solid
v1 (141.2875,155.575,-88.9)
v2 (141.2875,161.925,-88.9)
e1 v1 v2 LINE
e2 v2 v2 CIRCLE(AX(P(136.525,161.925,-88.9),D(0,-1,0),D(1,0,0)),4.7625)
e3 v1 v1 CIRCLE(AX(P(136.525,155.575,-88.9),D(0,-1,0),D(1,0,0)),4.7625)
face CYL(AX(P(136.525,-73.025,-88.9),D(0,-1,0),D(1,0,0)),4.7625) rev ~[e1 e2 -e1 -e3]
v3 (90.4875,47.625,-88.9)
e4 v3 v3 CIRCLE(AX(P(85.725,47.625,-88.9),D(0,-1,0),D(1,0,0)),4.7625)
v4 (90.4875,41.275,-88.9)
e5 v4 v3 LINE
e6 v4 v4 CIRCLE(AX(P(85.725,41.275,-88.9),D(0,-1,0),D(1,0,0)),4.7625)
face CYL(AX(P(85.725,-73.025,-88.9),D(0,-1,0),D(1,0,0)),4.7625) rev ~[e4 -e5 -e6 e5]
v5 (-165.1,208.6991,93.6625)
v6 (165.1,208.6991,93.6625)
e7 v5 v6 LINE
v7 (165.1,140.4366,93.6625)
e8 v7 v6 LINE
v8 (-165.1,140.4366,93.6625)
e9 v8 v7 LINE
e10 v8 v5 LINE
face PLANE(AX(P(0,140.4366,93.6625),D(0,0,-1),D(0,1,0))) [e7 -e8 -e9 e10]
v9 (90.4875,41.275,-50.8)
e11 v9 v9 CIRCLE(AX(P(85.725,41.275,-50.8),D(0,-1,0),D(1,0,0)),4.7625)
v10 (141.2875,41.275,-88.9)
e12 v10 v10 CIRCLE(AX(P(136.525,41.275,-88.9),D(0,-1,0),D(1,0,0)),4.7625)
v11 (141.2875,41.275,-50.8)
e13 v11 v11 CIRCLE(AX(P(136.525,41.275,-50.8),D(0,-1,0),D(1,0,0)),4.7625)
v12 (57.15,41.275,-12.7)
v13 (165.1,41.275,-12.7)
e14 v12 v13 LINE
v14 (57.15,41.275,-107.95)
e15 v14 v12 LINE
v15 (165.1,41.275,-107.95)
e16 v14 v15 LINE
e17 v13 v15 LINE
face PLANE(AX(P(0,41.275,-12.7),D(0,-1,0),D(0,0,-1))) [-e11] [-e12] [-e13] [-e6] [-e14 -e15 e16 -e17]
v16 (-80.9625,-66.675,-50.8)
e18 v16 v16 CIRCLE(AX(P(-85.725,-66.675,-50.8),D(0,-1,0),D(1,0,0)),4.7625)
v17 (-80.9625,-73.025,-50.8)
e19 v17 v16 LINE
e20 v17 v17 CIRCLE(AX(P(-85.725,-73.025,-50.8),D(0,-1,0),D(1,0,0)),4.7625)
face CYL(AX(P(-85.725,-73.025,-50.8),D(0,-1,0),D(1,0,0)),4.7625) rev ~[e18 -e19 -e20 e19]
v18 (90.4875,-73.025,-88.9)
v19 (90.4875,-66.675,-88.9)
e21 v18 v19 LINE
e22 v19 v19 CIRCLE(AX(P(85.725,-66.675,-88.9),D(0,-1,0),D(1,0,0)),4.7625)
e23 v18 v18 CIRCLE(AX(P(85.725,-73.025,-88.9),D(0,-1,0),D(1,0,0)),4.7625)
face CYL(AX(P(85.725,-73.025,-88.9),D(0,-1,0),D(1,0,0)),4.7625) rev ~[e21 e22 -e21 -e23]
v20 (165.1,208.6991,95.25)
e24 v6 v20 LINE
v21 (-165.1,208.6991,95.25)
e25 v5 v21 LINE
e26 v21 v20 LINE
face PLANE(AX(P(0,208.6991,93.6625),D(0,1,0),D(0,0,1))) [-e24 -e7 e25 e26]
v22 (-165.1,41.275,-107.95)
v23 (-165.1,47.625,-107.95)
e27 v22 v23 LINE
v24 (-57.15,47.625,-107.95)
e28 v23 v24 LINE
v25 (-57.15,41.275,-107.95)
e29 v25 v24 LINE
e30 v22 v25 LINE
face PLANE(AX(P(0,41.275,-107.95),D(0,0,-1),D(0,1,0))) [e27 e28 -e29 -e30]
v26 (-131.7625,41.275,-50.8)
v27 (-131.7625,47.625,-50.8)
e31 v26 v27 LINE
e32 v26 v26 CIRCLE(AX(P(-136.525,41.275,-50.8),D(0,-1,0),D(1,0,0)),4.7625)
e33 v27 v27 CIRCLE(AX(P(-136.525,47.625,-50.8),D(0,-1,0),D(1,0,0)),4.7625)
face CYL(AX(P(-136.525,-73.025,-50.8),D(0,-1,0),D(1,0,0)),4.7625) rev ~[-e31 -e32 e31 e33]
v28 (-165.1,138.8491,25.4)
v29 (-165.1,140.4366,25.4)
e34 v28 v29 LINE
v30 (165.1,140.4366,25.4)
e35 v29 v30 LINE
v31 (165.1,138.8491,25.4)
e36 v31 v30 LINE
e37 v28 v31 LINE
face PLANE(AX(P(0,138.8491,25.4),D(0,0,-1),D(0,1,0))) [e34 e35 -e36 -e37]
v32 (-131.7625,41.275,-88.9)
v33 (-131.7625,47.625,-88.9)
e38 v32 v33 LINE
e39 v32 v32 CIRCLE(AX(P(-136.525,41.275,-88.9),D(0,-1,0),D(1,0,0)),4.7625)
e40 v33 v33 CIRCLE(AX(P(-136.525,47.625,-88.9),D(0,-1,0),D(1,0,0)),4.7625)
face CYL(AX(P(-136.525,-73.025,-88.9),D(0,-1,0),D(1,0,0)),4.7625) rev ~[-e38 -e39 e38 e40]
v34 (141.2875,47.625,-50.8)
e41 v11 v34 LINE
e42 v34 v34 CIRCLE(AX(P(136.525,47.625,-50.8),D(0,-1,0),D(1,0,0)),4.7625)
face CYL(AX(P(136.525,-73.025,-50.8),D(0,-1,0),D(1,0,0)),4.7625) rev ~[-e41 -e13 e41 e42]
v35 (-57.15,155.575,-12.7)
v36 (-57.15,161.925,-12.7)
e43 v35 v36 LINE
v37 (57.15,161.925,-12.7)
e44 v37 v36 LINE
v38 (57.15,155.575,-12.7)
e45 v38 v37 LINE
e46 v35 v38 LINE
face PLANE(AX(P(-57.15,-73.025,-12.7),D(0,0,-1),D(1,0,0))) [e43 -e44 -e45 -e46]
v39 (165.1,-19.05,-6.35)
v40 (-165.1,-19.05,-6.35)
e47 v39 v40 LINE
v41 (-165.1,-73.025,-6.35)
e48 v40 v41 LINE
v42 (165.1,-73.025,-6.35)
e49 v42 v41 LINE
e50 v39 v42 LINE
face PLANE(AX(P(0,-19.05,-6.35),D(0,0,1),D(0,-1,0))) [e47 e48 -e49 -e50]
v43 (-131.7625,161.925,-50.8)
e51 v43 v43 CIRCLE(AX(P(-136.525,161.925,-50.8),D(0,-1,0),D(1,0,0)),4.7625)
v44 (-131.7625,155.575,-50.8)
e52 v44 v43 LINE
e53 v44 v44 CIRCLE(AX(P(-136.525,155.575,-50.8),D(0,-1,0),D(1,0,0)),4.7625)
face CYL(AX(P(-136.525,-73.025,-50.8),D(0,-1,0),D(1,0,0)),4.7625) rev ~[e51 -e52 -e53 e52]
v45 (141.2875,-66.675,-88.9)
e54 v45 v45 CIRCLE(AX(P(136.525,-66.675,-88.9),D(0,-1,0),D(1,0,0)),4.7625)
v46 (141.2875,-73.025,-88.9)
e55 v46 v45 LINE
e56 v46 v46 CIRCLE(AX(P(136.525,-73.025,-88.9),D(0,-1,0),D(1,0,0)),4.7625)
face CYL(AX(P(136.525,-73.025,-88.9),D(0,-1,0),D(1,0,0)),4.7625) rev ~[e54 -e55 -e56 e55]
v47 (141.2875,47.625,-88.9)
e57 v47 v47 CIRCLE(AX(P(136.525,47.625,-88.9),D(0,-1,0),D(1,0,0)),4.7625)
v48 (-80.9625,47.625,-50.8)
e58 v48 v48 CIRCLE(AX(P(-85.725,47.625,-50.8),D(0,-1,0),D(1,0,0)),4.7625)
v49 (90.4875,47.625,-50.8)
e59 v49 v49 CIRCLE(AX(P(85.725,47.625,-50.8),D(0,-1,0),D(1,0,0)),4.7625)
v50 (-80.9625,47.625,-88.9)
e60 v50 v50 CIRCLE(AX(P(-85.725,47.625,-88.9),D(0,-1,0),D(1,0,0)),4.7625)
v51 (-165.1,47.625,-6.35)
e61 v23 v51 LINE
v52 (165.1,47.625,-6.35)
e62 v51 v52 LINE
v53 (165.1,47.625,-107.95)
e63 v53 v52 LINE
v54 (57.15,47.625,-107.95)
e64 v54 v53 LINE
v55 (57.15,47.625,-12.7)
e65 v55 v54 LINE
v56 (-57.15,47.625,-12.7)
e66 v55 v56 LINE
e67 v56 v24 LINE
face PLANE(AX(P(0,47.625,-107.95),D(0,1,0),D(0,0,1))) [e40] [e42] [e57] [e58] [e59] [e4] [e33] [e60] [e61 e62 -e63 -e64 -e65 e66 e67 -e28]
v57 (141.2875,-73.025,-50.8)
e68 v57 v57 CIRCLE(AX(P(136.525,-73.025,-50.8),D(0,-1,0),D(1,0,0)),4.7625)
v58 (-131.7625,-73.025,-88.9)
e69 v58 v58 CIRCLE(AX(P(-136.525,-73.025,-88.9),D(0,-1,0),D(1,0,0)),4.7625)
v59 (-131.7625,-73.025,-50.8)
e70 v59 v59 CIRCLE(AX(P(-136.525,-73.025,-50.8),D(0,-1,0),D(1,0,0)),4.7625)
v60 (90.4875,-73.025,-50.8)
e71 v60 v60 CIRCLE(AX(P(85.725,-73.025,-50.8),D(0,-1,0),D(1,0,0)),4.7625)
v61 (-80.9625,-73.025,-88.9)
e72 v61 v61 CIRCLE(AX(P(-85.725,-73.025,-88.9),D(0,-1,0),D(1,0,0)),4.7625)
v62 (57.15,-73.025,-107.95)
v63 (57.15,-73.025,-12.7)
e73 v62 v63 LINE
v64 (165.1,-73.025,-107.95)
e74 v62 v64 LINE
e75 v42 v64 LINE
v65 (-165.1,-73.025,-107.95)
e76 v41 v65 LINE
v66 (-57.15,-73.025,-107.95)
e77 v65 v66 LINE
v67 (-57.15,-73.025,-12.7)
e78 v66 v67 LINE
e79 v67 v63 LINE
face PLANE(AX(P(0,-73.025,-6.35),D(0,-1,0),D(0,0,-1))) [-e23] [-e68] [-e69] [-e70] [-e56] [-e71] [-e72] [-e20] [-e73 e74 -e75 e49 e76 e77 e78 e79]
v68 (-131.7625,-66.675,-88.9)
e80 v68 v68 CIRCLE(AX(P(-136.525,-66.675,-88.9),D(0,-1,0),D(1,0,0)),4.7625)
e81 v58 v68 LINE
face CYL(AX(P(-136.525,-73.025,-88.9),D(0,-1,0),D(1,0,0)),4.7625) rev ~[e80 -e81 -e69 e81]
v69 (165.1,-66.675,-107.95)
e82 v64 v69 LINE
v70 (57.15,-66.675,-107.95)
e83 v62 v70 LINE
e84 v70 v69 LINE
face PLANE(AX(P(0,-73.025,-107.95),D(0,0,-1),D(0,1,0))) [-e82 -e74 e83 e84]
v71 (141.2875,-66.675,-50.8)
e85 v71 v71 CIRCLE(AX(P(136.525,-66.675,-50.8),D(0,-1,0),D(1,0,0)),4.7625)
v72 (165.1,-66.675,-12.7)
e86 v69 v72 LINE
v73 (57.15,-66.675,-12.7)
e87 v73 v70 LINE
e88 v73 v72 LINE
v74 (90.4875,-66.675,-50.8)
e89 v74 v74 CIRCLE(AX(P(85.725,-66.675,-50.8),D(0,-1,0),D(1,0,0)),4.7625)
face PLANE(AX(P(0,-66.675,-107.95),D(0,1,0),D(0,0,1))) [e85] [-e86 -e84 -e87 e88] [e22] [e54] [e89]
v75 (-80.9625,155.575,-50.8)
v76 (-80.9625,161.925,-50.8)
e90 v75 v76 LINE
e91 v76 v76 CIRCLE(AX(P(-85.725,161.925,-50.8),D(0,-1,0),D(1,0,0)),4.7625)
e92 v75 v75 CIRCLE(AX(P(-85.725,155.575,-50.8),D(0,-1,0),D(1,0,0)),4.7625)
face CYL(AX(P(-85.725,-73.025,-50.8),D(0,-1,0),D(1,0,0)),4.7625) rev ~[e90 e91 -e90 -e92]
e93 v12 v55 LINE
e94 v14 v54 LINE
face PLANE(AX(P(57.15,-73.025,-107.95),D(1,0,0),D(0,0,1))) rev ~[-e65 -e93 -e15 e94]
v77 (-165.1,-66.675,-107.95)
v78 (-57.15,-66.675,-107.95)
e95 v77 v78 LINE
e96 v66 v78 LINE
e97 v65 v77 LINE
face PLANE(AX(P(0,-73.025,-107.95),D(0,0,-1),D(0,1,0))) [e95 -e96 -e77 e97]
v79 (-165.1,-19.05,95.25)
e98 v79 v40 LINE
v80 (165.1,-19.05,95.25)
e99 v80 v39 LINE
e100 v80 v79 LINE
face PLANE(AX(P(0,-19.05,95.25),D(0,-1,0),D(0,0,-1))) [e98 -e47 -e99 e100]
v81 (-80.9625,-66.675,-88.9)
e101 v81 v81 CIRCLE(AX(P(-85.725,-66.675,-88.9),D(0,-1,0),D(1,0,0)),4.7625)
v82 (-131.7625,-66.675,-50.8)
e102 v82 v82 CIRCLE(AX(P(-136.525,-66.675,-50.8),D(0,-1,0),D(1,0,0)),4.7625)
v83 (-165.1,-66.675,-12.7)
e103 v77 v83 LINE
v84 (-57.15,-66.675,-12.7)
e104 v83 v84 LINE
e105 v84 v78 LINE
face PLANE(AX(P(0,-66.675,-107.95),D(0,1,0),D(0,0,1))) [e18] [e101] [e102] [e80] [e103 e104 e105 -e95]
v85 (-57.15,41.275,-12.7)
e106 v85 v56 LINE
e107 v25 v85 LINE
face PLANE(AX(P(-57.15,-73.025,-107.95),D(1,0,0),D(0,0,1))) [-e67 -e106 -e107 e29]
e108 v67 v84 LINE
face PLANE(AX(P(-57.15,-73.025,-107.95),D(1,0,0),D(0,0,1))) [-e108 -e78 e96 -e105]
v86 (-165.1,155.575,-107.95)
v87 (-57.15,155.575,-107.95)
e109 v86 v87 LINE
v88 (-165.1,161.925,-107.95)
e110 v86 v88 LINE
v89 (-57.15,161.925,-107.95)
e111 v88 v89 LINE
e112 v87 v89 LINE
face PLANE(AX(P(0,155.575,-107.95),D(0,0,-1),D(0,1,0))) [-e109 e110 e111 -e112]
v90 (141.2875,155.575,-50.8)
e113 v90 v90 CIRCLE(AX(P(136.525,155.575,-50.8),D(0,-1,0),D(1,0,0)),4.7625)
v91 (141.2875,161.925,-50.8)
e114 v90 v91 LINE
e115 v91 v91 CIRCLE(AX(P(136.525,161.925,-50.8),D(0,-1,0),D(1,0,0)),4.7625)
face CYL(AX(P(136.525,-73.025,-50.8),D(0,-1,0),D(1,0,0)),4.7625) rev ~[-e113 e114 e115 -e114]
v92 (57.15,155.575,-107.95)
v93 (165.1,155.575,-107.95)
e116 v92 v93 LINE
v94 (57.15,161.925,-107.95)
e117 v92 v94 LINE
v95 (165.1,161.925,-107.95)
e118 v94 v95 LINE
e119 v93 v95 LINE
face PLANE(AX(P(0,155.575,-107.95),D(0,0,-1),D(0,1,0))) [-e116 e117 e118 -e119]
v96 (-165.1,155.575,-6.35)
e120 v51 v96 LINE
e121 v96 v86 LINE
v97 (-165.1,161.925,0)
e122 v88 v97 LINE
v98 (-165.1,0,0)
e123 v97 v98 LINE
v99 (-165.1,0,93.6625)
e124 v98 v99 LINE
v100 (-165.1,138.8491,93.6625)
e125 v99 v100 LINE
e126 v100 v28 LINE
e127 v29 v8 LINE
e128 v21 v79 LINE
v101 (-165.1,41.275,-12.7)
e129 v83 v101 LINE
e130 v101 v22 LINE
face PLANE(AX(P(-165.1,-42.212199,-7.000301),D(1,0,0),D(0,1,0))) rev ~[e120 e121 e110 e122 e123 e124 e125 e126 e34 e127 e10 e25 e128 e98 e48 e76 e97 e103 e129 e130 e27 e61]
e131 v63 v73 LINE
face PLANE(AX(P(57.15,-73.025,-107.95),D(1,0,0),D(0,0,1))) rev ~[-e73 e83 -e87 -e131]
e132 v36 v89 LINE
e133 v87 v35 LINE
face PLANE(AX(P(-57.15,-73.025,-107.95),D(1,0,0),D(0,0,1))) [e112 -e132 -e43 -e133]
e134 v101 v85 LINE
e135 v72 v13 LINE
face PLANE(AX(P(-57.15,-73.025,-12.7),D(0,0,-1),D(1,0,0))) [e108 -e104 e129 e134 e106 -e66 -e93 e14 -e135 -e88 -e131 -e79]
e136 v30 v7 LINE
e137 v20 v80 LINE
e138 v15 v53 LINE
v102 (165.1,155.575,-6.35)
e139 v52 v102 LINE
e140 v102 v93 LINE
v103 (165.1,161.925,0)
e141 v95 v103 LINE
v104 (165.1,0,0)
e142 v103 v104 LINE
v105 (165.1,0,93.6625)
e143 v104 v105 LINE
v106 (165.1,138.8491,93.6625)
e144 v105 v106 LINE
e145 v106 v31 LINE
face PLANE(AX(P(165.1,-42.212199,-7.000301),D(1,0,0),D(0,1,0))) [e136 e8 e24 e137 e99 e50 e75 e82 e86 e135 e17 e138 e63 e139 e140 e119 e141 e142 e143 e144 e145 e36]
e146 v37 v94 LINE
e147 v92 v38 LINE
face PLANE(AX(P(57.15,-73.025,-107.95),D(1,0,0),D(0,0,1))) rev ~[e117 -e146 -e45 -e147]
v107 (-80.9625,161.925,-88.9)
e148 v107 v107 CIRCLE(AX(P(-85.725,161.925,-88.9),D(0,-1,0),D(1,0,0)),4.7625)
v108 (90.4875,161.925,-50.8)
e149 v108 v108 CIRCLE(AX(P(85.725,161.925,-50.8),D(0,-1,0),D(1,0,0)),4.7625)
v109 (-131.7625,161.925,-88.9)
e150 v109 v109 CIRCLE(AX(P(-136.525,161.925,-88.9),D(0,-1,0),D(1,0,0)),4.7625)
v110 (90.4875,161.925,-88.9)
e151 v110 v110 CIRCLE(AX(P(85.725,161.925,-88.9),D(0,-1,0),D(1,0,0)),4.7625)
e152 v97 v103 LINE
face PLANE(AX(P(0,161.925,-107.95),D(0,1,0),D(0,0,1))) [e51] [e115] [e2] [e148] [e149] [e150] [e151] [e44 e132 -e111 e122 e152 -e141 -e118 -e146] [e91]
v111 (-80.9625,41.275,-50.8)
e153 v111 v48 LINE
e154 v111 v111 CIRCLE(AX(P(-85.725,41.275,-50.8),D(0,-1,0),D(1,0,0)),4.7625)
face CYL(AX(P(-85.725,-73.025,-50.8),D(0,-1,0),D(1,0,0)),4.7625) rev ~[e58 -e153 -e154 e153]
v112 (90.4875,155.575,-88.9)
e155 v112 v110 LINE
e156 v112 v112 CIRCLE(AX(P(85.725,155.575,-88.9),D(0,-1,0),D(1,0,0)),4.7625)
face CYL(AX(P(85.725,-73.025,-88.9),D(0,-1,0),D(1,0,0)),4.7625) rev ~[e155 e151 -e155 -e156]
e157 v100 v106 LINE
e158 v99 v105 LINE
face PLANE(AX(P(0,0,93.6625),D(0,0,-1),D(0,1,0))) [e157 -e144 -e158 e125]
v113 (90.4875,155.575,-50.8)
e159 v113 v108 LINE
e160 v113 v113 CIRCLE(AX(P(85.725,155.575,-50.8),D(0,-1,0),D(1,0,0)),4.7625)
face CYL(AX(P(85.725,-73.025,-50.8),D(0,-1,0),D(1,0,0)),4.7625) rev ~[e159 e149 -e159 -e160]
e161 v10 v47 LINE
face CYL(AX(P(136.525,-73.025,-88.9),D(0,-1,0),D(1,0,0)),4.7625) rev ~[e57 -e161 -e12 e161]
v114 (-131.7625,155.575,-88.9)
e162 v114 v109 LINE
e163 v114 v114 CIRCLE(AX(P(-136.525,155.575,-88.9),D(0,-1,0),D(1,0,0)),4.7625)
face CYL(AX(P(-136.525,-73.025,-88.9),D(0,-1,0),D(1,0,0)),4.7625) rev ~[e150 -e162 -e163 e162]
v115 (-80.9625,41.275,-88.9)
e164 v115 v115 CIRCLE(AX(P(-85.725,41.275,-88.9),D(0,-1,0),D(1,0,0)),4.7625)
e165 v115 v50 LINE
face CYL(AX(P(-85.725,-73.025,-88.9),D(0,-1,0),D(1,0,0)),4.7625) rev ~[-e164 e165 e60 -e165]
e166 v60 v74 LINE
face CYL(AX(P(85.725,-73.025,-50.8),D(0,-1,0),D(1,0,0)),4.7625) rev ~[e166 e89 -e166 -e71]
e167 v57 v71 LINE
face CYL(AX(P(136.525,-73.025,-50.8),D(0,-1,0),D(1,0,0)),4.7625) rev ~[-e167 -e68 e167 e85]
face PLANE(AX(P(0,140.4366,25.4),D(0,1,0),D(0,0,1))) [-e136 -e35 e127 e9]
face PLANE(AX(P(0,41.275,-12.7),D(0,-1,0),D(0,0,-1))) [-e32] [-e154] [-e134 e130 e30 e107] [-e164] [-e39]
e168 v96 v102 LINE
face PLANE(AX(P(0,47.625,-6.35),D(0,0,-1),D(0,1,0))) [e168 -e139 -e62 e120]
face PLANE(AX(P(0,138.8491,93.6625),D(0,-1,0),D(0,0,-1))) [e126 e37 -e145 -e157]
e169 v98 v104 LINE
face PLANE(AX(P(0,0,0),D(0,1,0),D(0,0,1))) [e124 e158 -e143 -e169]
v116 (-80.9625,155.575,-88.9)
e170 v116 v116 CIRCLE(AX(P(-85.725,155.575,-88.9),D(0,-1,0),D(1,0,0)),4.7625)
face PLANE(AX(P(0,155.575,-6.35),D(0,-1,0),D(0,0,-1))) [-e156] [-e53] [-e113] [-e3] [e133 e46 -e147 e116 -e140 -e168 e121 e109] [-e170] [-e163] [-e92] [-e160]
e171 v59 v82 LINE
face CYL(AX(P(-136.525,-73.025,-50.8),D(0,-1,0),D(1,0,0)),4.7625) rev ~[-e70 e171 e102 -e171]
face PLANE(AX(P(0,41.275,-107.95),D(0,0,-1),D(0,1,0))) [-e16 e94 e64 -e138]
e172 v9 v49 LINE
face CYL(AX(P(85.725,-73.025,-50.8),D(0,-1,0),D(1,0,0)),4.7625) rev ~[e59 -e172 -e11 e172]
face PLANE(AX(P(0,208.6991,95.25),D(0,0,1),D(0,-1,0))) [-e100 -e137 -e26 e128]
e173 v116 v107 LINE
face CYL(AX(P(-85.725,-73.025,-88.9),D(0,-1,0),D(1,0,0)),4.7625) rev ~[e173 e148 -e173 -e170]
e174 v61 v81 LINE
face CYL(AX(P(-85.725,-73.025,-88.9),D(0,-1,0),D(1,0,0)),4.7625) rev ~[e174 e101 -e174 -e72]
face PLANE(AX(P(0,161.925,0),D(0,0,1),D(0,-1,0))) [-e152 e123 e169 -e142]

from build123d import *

# Parameters (mm, degrees)
F1_DEPTH = 165.1
F2_R     = 4.7625
F2_W     = 114.3
F2_H     = 95.25
F3_DEPTH = 281.7251


with BuildPart() as f1:
    # F0 (on Right) → F1 (new body, symmetric)
    with BuildSketch(Plane.YZ):
        Polygon((-73.025, -6.35), (-73.025, -107.95), (-66.675, -107.95), (-66.675, -12.7), (-12.7, -12.7), (-12.7, 95.25), (-19.05, 95.25), (-19.05, -6.35), align=None)
        Polygon((-12.7, 95.25), (-12.7, -12.7), (41.275, -12.7), (41.275, -107.95), (47.625, -107.95), (47.625, -6.35), (-6.35, -6.35), (-6.35, 95.25), align=None)
        Polygon((0, 95.25), (-6.35, 95.25), (-6.35, -6.35), (47.625, -6.35), (155.575, -6.35), (155.575, -107.95), (161.925, -107.95), (161.925, 0), (0, 0), (0, 93.6625), align=None)
        Polygon((138.8491, 95.25), (0, 95.25), (0, 93.6625), (138.8491, 93.6625), (138.8491, 25.4), (140.4366, 25.4), (140.4366, 93.6625), (208.6991, 93.6625), (208.6991, 95.25), align=None)
    extrude(amount=F1_DEPTH, both=True)

    # F2 (on face) → F3 (cut, through all)
    with BuildSketch(Plane.XZ.offset(73.025)):
        with Locations((-136.525, -88.9)):
            Circle(F2_R)
        with Locations((136.525, -88.9)):
            Circle(F2_R)
        with Locations((136.525, -50.8)):
            Circle(F2_R)
        with Locations((85.725, -88.9)):
            Circle(F2_R)
        with Locations((85.725, -50.8)):
            Circle(F2_R)
        with Locations((-136.525, -50.8)):
            Circle(F2_R)
        with Locations((-85.725, -88.9)):
            Circle(F2_R)
        with Locations((-85.725, -50.8)):
            Circle(F2_R)
        with Locations((0, -60.325)):
            Rectangle(F2_W, F2_H)
    extrude(amount=-F3_DEPTH, mode=Mode.SUBTRACT)


solid = f1.part
